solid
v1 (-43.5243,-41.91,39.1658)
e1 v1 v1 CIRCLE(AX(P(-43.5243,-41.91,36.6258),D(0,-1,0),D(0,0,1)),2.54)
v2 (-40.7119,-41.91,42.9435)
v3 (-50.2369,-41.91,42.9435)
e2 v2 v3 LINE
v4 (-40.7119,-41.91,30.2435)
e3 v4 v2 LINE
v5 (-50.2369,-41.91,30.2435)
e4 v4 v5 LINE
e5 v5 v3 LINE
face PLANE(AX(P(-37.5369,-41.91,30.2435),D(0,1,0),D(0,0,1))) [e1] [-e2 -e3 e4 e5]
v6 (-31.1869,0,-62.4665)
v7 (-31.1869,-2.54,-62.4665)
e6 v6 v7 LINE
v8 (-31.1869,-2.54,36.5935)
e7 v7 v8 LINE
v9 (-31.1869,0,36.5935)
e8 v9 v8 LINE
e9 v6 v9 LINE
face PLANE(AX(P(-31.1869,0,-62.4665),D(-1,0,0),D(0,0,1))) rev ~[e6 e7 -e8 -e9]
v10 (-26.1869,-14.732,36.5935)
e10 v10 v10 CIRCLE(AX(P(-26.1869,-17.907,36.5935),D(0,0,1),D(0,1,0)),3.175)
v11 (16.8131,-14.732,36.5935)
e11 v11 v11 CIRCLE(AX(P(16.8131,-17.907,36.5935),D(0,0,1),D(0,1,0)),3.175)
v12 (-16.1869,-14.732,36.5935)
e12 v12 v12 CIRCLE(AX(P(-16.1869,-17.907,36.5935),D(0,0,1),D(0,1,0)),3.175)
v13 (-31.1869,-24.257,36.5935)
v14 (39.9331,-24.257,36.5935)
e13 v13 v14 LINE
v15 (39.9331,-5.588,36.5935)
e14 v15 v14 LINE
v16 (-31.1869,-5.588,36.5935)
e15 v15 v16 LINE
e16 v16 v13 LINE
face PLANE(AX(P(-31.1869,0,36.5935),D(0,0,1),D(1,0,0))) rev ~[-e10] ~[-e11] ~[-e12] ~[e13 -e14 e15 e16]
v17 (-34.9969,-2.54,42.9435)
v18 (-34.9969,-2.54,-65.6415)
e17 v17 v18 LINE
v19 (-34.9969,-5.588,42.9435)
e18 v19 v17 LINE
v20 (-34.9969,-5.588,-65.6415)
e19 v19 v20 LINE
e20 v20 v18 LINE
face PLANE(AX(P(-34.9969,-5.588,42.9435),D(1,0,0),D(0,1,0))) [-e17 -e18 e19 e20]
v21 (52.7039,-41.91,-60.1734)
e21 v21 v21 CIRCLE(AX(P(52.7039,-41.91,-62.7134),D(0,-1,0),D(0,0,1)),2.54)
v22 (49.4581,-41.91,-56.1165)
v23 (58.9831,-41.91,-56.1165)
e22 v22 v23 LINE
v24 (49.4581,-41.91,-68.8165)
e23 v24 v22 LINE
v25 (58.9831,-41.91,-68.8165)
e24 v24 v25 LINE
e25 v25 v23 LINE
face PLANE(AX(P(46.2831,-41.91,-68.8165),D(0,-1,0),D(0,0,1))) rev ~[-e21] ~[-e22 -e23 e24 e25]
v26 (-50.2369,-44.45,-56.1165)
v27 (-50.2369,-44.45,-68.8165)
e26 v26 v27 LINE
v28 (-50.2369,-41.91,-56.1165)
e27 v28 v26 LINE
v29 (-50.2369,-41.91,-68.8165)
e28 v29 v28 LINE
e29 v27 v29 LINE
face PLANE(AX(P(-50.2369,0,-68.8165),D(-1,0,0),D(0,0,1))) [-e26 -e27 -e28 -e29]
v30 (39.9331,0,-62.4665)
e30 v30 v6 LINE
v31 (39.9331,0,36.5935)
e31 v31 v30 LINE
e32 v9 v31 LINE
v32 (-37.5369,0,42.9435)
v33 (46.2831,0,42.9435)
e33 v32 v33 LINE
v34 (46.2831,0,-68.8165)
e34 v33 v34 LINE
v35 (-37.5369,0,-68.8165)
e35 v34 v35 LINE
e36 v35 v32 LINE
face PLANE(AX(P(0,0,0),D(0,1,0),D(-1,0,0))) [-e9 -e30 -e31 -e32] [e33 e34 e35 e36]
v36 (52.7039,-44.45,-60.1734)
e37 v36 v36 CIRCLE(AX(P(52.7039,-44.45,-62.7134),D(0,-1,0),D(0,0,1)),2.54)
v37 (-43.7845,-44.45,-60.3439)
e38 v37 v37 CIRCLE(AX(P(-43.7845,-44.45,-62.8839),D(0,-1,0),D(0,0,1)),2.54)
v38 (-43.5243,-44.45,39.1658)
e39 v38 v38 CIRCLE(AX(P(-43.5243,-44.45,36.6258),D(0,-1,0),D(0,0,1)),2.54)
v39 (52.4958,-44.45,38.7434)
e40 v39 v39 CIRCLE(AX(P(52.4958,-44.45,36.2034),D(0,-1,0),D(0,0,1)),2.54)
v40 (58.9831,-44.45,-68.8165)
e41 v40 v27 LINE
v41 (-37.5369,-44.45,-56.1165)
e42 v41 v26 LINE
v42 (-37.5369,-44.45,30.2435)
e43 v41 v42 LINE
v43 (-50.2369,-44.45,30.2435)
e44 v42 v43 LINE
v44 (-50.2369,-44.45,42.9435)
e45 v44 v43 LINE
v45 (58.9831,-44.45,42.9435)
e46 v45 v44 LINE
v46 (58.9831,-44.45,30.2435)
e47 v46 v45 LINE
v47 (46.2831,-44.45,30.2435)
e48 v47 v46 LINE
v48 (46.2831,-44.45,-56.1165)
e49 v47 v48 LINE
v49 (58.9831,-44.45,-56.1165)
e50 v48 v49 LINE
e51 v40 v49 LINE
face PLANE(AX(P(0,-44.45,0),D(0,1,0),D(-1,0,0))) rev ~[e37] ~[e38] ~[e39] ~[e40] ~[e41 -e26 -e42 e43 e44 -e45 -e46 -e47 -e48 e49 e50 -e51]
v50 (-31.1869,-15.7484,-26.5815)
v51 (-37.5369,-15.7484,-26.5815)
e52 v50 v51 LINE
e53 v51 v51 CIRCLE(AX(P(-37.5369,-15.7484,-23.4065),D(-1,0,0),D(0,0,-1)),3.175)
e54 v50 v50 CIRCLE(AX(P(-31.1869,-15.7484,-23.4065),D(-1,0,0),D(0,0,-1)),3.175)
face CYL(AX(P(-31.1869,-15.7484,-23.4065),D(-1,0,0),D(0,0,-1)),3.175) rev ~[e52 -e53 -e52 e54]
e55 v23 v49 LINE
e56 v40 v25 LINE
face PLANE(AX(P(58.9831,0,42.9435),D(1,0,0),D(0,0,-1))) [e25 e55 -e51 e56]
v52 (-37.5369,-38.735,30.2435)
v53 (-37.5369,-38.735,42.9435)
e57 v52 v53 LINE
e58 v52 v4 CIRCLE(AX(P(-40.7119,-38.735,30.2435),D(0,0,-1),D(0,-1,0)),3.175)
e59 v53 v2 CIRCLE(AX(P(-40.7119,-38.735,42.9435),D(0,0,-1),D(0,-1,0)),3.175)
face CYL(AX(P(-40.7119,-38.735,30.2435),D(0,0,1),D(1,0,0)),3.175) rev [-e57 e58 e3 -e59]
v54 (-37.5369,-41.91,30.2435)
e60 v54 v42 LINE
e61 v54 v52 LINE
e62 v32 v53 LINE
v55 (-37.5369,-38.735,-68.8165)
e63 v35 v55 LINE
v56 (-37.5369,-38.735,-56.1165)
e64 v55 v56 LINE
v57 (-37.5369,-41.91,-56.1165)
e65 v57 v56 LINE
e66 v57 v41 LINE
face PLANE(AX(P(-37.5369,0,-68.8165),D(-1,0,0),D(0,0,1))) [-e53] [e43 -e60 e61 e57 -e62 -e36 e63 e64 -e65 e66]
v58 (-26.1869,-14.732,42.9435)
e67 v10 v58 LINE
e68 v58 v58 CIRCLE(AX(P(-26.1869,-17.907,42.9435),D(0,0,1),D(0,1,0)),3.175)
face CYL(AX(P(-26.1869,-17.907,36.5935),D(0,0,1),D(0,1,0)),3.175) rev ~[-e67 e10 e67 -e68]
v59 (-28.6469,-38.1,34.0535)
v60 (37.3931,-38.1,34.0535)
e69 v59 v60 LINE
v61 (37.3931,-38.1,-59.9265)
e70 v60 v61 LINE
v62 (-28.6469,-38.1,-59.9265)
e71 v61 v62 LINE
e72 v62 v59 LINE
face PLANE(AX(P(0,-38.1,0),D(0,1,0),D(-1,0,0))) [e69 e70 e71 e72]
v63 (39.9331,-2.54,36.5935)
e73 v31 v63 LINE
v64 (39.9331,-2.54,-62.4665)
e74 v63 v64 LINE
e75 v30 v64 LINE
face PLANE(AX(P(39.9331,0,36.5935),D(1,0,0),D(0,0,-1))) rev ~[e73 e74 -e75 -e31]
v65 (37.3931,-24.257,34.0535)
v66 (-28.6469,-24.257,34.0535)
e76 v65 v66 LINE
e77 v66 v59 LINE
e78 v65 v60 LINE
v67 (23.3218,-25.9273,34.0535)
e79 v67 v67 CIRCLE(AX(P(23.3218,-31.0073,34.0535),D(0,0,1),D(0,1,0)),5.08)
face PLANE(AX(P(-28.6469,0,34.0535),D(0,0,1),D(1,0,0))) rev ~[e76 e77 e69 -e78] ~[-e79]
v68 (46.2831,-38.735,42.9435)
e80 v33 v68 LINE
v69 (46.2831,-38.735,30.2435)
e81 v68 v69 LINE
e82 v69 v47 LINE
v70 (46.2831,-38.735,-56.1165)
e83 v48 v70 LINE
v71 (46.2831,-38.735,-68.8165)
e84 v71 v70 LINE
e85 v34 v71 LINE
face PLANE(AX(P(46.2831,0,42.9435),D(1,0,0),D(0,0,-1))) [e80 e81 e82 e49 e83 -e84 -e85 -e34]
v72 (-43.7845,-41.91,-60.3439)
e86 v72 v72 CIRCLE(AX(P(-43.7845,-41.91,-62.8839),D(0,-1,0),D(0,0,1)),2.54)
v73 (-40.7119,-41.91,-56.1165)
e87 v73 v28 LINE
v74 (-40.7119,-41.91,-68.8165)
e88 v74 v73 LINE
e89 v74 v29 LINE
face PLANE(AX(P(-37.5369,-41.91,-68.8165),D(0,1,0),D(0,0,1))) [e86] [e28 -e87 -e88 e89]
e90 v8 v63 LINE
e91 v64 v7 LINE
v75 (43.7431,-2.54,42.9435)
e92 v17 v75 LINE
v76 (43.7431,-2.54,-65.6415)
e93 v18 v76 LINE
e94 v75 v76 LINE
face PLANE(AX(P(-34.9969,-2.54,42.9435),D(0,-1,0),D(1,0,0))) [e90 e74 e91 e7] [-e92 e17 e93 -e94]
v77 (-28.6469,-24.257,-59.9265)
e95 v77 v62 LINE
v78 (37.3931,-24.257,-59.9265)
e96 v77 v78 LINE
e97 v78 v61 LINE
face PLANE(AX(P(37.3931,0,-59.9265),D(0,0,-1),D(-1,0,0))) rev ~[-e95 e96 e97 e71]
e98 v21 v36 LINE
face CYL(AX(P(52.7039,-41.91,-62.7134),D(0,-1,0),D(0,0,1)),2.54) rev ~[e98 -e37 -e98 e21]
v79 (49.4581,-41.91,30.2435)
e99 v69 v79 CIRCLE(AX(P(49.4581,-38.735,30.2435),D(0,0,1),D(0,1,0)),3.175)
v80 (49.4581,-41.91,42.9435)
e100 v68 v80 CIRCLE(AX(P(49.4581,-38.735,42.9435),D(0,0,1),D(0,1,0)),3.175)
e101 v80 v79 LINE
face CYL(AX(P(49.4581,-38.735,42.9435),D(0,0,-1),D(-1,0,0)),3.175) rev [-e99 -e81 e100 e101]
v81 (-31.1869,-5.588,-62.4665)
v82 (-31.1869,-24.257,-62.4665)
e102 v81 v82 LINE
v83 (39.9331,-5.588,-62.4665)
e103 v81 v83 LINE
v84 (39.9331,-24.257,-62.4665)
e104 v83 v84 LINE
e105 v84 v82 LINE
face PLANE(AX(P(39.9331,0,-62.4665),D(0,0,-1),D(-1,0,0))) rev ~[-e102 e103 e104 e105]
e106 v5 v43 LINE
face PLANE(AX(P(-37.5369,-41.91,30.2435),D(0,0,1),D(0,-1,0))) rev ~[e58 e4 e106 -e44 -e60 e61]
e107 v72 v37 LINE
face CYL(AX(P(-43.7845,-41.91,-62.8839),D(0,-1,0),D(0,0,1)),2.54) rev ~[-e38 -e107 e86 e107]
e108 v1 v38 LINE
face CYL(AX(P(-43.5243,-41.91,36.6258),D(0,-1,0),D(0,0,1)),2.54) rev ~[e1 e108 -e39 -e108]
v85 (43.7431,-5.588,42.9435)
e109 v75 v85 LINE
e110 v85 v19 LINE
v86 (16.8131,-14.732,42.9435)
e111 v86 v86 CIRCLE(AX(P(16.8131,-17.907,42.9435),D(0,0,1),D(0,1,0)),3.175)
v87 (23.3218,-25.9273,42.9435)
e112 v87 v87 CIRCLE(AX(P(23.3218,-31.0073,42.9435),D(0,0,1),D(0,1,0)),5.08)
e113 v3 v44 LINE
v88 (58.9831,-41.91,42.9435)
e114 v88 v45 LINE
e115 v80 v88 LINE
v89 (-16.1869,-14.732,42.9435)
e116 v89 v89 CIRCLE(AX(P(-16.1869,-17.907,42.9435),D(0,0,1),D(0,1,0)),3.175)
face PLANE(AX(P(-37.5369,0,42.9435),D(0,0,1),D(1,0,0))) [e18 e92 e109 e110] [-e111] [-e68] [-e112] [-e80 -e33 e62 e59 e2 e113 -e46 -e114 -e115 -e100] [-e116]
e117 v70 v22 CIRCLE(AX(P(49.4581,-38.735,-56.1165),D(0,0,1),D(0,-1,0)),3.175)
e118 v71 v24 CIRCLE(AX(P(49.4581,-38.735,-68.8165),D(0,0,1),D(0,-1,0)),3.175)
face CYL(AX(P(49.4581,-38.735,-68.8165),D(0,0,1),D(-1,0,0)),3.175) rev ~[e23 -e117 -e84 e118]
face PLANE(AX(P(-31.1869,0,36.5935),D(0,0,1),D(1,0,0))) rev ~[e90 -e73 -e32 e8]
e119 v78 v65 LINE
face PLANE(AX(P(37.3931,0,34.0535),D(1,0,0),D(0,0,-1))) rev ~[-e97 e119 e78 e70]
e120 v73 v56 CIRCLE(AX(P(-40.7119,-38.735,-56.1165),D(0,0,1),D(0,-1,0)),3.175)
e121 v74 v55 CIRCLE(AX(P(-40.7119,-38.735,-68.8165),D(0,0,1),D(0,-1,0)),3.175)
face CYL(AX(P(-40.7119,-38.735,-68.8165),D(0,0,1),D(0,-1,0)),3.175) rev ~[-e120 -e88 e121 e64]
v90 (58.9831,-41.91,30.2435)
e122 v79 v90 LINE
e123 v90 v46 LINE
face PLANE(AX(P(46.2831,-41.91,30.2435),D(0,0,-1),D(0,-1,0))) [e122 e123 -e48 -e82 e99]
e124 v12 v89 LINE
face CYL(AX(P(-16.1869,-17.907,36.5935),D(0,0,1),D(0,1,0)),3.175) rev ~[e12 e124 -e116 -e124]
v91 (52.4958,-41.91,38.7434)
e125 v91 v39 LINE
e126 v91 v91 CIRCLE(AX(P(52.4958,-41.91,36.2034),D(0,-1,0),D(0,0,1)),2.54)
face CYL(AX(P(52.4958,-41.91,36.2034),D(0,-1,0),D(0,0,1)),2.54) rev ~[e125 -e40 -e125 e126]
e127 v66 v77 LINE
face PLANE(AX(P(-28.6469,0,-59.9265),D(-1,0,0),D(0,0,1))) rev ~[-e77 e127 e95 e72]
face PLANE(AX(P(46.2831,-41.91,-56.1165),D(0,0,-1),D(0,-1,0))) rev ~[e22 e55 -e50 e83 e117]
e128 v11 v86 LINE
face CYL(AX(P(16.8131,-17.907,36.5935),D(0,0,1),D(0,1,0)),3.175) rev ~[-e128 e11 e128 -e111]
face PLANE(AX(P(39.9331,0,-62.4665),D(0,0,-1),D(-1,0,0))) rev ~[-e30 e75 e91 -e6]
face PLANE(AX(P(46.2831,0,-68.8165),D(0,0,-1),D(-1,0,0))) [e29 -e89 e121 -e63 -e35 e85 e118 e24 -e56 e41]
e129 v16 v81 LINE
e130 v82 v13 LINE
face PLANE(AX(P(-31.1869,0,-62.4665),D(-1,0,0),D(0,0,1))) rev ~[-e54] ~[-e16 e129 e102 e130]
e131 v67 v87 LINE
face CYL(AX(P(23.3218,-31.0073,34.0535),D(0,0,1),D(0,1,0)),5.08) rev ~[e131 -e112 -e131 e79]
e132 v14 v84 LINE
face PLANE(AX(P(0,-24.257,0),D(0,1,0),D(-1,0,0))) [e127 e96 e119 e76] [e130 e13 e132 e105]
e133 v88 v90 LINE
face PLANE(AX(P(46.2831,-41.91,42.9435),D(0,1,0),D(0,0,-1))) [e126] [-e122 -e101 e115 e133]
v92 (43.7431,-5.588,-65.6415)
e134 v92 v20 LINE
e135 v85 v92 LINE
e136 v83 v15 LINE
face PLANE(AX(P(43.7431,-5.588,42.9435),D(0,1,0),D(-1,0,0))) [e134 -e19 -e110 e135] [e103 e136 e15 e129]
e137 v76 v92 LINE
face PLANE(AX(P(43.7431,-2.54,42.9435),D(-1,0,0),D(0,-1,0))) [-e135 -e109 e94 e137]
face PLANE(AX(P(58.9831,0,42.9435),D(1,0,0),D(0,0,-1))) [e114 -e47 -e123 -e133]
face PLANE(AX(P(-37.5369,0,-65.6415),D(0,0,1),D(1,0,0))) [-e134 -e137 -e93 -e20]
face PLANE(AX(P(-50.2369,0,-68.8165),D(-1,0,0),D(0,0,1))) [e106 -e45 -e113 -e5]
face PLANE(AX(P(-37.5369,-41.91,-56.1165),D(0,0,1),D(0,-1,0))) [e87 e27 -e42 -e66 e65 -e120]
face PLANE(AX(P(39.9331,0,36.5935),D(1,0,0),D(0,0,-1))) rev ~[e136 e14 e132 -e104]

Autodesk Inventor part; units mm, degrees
ref_plane "YZ Plane" through (0, 0, 0) normal (1, 0, 0) x (0, 1, 0)
ref_plane "XZ Plane" through (0, 0, 0) normal (0, 1, 0) x (-1, 0, 0)
ref_plane "XY Plane" through (0, 0, 0) normal (0, 0, 1) x (1, 0, 0)
sketch "Sketch1" plane through (0, 0, 0) normal (0, 1, 0) x (-1, 0, 0)
  line L0 (31.1869, 36.5935) -> (-39.9331, 36.5935)
  line L1 (-39.9331, 36.5935) -> (-39.9331, -62.4665)
  line L2 (-39.9331, -62.4665) -> (31.1869, -62.4665)
  line L3 (31.1869, -62.4665) -> (31.1869, 36.5935)
  line L4 (37.5369, 42.9435) -> (-46.2831, 42.9435)
  line L5 (-46.2831, 42.9435) -> (-46.2831, -68.8165)
  line L6 (-46.2831, -68.8165) -> (37.5369, -68.8165)
  line L7 (37.5369, -68.8165) -> (37.5369, 42.9435)
  line L8 (28.6469, 34.0535) -> (-37.3931, 34.0535)
  line L9 (-37.3931, 34.0535) -> (-37.3931, -59.9265)
  line L10 (-37.3931, -59.9265) -> (28.6469, -59.9265)
  line L11 (28.6469, -59.9265) -> (28.6469, 34.0535)
  point P0 (0, 0)
  point P1 (-4.3731, -62.4665)
  point P2 (-4.3731, 36.5935)
  dimension "d0" = 71.12
  dimension "d1" = 99.06
  dimension "d2" = 6.35
  dimension "d3" = 6.35
  dimension "d4" = 6.35
  dimension "d5" = 6.35
  dimension "d22" = 2.54
  dimension "d23" = 2.54
  dimension "d24" = 2.54
  dimension "d25" = 2.54
extrude "Extrusion1" add sketch "Sketch1" against normal blind 44.45 contours L3 L2 L1 L0 | L7 L6 L5 L4 | L11 L10 L9 L8
extrude "Extrusion3" cut sketch "Sketch1" against normal blind 38.1 contours L11 L10 L9 L8
extrude "Extrusion4" cut sketch "Sketch1" against normal blind 24.257 contours L3 L2 L1 L0 | L11 L10 L9 L8
sketch "Sketch5" plane through (-37.5369, 0, 42.9435) normal (0, 0, 1) x (1, 0, 0)
  line L0 (2.54, -2.54) -> (81.28, -2.54)
  line L1 (81.28, -2.54) -> (81.28, -5.588)
  line L2 (81.28, -5.588) -> (2.54, -5.588)
  line L3 (2.54, -5.588) -> (2.54, -2.54)
  line L4 (0, 0) -> (83.82, 0) projected
  line L5 (83.82, 0) -> (83.82, -44.45) projected
  line L6 (0, 0) -> (0, -44.45) projected
  point P0 (37.5369, 0)
  point P1 (81.28, -4.064)
  point P2 (2.54, -4.064)
  dimension "d32" = 2.54
  dimension "d33" = 2.54
  dimension "d34" = 2.54
  dimension "d35" = 3.048
extrude "Extrusion6" cut sketch "Sketch5" against normal blind 108.585
sketch "Sketch6" plane through (39.9331, -24.257, 36.5935) normal (0, 0, -1) x (-1, 0, 0)
  line L0 (71.12, 18.669) -> (71.12, 0) projected
  line L1 (0, 0) -> (71.12, 0) projected
  point P0 (39.9331, 24.257)
  point P1 (66.12, 6.35)
  point P2 (56.12, 6.35)
  point P3 (23.12, 6.35)
  point P4 (71.12, 9.3345)
  dimension "d38" = 5
  dimension "d39" = 15
  dimension "d40" = 48
  dimension "d41" = 6.35
  dimension "d42" = 6.35
  dimension "d43" = 6.35
sketch "Sketch7" plane through (37.3931, -38.1, 34.0535) normal (0, 0, -1) x (-1, 0, 0)
  point P0 (37.3931, 38.1)
  point P1 (14.0713, 7.0927)
hole "Hole1" at (-26.1869, -17.907, 36.5935) at (-16.1869, -17.907, 36.5935) at (16.8131, -17.907, 36.5935) direction (0, 0, 1) diameter 6.35 end through all
hole "Hole2" at (23.3218, -31.0073, 34.0535) direction (0, 0, 1) diameter 10.16 end through all
sketch "Sketch8" plane through (-31.1869, -24.257, 36.5935) normal (1, 0, 0) x (0, 0, -1)
  line L0 (0, 18.669) -> (0, 0) projected
  point P0 (36.5935, 24.257)
  point P1 (60, 8.5086)
  point P2 (0, 9.3345)
  dimension "d58" = 60
hole "Hole3" at (-31.1869, -15.7484, -23.4065) direction (-1, 0, 0) diameter 6.35 end through all
sketch "Sketch9" plane through (46.2831, 0, 42.9435) normal (1, 0, 0) x (0, 0, -1)
  line L0 (0, 0) -> (0, -44.45) projected
  line L1 (111.76, -44.45) -> (0, -44.45) projected
  line L2 (0, -41.91) -> (12.7, -41.91)
  line L3 (12.7, -41.91) -> (12.7, -44.45)
  line L4 (12.7, -44.45) -> (0, -44.45)
  line L5 (0, -44.45) -> (0, -41.91)
  line L6 (111.76, -41.91) -> (99.06, -41.91)
  line L7 (99.06, -41.91) -> (99.06, -44.45)
  line L8 (99.06, -44.45) -> (111.76, -44.45)
  line L9 (111.76, -44.45) -> (111.76, -41.91)
  line L10 (111.76, 0) -> (111.76, -44.45) projected
  point P0 (42.9435, 0)
  point P1 (111.76, -43.18)
  dimension "d66" = 12.7
  dimension "d67" = 12.7
  dimension "d68" = 0
  dimension "d69" = 2.54
  dimension "d70" = 2.54
extrude "Extrusion7" add sketch "Sketch9" along normal blind 12.7
sketch "Sketch10" plane through (46.2831, -41.91, 42.9435) normal (0, 1, 0) x (1, 0, 0)
  point P0 (-46.2831, 42.9435)
  point P1 (6.2127, 6.7401)
  point P2 (6.4208, 105.6569)
hole "Hole4" at (52.4958, -41.91, 36.2034) at (52.7039, -41.91, -62.7134) direction (0, -1, 0) diameter 5.08 end through all clearance for "Flat Head Machine Screw (82)" size "#8" standard "Ansi Unified Screw Threads"
fillet "Fillet1" radius 3.175 2 edges at (46.2831, -41.91, 36.5935) (46.2831, -41.91, -62.4665)
sketch "Sketch11" plane through (-37.5369, 0, -68.8165) normal (-1, 0, 0) x (0, 0, 1)
  line L0 (0, -41.91) -> (12.7, -41.91) projected
  line L1 (12.7, -41.91) -> (12.7, -44.45) projected
  line L2 (0, -41.91) -> (12.7, -41.91)
  line L3 (12.7, -41.91) -> (12.7, -44.45)
  line L4 (12.7, -44.45) -> (0, -44.45)
  line L5 (0, -44.45) -> (0, -41.91)
  line L6 (111.76, -41.91) -> (111.76, -44.45) projected
  line L7 (99.06, -38.735) -> (99.06, -44.45) projected
  line L8 (111.76, -44.45) -> (99.06, -44.45)
  line L9 (99.06, -44.45) -> (99.06, -41.91)
  line L10 (99.06, -41.91) -> (111.76, -41.91)
  line L11 (111.76, -41.91) -> (111.76, -44.45)
  point P0 (68.8165, 0)
extrude "Extrusion8" add sketch "Sketch11" along normal blind 12.7
sketch "Sketch12" plane through (-37.5369, -41.91, -56.1165) normal (0, 1, 0) x (1, 0, 0)
  point P0 (37.5369, -56.1165)
  point P1 (-6.2476, 6.7674)
  point P2 (-5.9874, -92.7423)
hole "Hole5" at (-43.7845, -41.91, -62.8839) at (-43.5243, -41.91, 36.6258) direction (0, -1, 0) diameter 5.08 end through all clearance for "Flat Head Machine Screw (82)" size "#8" standard "Ansi Unified Screw Threads"
fillet "Fillet2" radius 3.175 2 edges at (-37.5369, -41.91, -62.4665) (-37.5369, -41.91, 36.5935)
properties part number "Housing"
